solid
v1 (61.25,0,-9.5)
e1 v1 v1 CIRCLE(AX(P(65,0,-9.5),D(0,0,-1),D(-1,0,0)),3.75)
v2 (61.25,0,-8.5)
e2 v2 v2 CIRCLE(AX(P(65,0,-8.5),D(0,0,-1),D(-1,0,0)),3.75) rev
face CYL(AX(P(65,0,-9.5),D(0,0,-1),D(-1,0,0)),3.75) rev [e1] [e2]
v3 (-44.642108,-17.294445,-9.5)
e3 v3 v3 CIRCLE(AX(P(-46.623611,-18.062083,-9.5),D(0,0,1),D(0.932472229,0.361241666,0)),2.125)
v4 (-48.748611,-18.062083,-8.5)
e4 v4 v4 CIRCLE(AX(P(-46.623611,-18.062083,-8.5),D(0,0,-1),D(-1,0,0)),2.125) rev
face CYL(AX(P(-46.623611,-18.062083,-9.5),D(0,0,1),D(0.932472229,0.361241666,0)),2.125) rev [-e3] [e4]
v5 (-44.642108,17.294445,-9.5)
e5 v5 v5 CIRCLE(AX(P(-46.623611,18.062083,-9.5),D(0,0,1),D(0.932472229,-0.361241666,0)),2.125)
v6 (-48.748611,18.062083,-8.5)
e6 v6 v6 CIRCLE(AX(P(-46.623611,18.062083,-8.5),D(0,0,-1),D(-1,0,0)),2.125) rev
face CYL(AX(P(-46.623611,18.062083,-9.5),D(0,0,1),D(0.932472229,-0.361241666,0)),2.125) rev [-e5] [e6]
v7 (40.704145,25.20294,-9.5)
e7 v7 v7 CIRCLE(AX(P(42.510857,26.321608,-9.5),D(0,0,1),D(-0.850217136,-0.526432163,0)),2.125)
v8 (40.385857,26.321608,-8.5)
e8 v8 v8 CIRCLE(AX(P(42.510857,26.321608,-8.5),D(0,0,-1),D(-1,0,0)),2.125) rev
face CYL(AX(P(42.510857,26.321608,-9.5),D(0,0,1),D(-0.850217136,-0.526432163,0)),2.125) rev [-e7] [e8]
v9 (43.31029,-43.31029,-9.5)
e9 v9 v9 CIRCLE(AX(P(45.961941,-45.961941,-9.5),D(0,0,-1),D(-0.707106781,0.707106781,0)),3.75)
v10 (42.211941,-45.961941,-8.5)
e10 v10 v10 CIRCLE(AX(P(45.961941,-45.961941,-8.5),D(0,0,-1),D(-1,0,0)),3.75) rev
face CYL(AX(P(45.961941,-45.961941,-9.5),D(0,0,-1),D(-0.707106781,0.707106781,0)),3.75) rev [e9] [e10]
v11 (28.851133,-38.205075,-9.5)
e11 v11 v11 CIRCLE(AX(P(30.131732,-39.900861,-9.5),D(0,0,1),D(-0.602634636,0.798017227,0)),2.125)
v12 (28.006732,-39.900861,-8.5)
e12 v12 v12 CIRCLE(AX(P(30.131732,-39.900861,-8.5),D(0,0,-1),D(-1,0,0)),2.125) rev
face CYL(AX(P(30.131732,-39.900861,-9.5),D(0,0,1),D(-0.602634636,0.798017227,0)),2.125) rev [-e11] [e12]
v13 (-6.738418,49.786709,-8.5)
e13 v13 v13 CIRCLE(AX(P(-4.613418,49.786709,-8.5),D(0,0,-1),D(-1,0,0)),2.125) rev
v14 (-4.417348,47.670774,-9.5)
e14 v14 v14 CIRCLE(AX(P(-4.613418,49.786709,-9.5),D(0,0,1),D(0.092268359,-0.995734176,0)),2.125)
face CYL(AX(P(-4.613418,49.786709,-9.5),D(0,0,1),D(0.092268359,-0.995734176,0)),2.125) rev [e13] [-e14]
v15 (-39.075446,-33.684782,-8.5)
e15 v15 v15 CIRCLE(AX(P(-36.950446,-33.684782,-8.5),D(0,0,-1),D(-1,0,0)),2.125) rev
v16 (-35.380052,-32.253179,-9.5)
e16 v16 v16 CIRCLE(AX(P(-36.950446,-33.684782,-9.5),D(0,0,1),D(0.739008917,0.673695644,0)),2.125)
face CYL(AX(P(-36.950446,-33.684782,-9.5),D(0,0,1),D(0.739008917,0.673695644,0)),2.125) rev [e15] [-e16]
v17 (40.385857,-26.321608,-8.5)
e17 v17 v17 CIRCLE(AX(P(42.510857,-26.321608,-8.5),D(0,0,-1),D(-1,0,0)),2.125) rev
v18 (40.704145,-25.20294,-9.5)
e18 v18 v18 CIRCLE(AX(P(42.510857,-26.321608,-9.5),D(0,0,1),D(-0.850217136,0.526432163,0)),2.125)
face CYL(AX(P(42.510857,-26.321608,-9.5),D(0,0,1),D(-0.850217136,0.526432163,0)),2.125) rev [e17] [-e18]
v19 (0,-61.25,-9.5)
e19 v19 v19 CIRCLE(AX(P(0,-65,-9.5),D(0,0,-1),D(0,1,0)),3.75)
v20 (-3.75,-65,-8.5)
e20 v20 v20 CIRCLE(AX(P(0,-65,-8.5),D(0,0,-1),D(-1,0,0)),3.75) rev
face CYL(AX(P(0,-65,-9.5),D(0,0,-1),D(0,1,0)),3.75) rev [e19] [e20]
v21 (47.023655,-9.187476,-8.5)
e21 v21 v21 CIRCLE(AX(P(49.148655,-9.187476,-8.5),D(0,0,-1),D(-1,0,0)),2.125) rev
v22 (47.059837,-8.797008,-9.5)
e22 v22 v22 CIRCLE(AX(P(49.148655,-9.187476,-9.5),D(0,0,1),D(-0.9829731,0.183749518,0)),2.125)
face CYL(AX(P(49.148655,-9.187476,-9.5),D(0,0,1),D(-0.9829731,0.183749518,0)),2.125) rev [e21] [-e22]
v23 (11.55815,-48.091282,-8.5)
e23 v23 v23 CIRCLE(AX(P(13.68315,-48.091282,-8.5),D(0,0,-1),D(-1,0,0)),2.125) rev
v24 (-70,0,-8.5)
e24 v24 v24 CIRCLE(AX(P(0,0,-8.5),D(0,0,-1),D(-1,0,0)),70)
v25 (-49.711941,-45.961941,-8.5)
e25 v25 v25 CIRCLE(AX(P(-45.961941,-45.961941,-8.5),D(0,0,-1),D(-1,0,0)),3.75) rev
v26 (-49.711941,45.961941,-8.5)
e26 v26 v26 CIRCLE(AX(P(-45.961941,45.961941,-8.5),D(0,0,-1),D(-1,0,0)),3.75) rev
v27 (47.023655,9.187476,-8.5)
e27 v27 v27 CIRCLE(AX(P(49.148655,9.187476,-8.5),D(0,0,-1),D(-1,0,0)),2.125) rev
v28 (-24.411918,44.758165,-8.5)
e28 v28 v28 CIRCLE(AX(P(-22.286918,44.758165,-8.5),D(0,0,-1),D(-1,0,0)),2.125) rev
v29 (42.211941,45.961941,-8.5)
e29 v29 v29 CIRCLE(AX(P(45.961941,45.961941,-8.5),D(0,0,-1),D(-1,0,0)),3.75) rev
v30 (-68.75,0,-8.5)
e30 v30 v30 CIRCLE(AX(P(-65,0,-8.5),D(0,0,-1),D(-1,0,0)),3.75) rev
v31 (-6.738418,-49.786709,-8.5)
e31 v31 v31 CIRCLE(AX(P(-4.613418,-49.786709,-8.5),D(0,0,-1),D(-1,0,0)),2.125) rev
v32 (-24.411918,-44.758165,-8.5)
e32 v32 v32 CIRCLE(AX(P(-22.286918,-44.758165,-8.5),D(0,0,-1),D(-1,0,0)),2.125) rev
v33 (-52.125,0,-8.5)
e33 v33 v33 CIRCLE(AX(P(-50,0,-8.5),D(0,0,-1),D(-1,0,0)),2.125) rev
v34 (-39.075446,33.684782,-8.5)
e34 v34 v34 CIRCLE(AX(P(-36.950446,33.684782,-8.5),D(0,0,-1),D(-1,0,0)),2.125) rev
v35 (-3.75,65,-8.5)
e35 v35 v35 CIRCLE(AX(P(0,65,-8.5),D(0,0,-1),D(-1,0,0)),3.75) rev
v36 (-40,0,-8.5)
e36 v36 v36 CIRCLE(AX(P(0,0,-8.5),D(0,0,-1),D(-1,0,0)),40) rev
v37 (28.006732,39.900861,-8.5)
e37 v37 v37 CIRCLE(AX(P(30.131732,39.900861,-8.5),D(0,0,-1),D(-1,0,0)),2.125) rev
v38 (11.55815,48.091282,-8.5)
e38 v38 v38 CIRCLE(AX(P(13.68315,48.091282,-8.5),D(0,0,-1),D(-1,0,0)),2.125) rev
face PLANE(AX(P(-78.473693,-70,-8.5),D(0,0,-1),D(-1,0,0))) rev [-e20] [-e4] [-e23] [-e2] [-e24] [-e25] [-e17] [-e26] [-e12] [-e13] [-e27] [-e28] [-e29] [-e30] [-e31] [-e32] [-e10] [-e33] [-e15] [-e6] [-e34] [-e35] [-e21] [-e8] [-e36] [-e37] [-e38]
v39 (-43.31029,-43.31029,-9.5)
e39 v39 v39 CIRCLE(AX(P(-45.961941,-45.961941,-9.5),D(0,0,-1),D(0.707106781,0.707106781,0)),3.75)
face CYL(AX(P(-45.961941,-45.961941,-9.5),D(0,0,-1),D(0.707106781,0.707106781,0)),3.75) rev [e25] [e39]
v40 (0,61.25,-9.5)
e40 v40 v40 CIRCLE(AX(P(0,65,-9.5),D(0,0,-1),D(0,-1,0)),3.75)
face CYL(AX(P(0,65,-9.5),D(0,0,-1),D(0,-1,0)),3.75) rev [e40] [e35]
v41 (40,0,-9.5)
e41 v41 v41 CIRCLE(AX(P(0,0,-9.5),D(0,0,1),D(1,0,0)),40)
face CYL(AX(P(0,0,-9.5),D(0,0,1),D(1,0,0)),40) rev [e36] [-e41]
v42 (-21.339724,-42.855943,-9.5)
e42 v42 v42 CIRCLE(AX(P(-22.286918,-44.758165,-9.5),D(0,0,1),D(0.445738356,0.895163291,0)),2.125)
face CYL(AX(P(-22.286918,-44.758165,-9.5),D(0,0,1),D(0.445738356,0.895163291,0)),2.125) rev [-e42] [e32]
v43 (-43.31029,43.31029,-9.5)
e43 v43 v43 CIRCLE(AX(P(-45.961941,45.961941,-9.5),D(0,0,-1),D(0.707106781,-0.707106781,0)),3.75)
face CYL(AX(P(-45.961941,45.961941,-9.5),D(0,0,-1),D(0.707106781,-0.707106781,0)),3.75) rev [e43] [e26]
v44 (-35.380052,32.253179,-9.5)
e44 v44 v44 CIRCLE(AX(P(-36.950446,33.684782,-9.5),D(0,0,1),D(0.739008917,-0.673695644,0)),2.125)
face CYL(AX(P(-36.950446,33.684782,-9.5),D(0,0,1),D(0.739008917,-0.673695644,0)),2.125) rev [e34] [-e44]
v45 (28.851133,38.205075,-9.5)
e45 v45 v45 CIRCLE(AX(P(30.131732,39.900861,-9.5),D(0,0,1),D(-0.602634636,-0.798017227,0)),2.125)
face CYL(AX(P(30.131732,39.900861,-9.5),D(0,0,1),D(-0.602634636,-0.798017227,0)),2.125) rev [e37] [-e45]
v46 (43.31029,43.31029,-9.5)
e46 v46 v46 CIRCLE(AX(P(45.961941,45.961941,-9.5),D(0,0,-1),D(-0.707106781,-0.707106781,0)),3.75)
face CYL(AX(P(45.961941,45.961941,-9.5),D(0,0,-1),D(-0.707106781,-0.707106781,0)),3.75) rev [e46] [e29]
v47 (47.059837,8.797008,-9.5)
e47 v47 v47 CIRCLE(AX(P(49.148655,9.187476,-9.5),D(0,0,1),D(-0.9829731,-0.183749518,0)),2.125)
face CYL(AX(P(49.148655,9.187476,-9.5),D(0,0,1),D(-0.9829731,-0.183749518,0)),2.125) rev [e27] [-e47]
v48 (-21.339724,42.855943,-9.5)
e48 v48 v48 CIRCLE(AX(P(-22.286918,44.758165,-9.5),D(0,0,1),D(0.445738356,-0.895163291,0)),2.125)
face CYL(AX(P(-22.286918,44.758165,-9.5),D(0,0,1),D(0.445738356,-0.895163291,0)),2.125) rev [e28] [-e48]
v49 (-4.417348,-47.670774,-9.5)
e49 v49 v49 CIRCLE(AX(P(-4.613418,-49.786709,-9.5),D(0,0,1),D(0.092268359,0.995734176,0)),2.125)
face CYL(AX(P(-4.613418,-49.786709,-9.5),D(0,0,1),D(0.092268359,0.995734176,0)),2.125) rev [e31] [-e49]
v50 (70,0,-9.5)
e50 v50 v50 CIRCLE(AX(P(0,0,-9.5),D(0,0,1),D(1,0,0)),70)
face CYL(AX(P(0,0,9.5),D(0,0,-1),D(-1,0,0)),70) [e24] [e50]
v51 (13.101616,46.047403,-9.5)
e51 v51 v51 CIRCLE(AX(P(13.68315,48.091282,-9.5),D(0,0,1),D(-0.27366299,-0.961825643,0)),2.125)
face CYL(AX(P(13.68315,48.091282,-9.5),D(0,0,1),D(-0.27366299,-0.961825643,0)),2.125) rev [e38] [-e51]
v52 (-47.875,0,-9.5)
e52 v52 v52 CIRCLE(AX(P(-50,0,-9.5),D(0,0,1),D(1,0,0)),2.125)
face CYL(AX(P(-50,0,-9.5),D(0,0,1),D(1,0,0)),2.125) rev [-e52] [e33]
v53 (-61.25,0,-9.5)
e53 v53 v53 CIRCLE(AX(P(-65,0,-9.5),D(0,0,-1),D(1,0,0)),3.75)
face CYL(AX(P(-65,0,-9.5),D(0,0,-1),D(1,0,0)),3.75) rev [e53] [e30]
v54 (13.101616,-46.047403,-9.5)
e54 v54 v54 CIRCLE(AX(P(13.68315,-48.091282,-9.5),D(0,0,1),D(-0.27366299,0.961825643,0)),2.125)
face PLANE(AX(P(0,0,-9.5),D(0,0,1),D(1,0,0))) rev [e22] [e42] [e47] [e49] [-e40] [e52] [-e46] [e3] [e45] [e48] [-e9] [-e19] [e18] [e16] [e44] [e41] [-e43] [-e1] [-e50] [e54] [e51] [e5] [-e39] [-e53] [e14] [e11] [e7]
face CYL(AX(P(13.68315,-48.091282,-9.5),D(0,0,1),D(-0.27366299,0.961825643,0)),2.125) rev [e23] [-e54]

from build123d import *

# Parameters (mm, degrees)
SKETCH1_R                                        = 70
CAP_DEPTH                                        = 9.5
SKETCH2_R                                        = 2.125
DOWEL_HOLES_DEPTH                                = 101.801785698
CIRPATTERN1_COUNT                                = 17
SKETCH3_R                                        = 31.05
CENTER_HOLE_DEPTH                                = 15
SKETCH7_R                                        = 40
OUTPUTSHAFT_HOLE_DEPTH                           = 101.124921973
CBORE_FOR_M4_HEX_HEAD_MACHINE_SCREW3_D           = 3.9
CBORE_FOR_M4_HEX_HEAD_MACHINE_SCREW3_DEPTH       = 65
CBORE_FOR_M4_HEX_HEAD_MACHINE_SCREW3_CBORE_D     = 7.5
CBORE_FOR_M4_HEX_HEAD_MACHINE_SCREW3_CBORE_DEPTH = 2.63
CIRPATTERN2_COUNT                                = 8
SKETCH8_R                                        = 37.75
CUT_EXTRUDE4_DEPTH                               = 2
ALLIGNMENT_DEPTH                                 = 100.449736048
ALLIGNMENT_DEPTH_BACK                            = 100.449736048
SKETCH9_W                                        = 157.649556899
SKETCH9_H                                        = 18.162657132


with BuildPart() as part:
    # Sketch1 → Cap (new, symmetric)
    with BuildSketch(Plane.XY):
        Circle(SKETCH1_R)
    extrude(amount=CAP_DEPTH, both=True)

    # Sketch2 → Dowel Holes (cut, through all)
    with BuildSketch(Plane.XY.offset(9.5)):
        with Locations((-50, 0)):
            Circle(SKETCH2_R)
    dowel_holes = extrude(amount=-DOWEL_HOLES_DEPTH, mode=Mode.SUBTRACT)

    # CirPattern1: Dowel Holes ×17 about axis
    cirpattern1_axis = Axis((0, 0, 0), (0, 0, 1))
    for i in range(1, CIRPATTERN1_COUNT):
        add(dowel_holes.rotate(cirpattern1_axis, i * 360 / CIRPATTERN1_COUNT), mode=Mode.SUBTRACT)

    # Sketch3 → Center Hole (cut)
    with BuildSketch(Plane.XY.offset(9.5)):
        Circle(SKETCH3_R)
    extrude(amount=-CENTER_HOLE_DEPTH, mode=Mode.SUBTRACT)

    # Sketch7 → OutputShaft Hole (cut, through all)
    with BuildSketch(Plane.XY.offset(-5.5)):
        Circle(SKETCH7_R)
    extrude(amount=-OUTPUTSHAFT_HOLE_DEPTH, mode=Mode.SUBTRACT)

    # CBORE for M4 Hex Head Machine Screw3
    with Locations(Plane(origin=(0, 0, -9.5), x_dir=(-1, 0, 0), z_dir=(0, 0, -1))):
        with Locations((-65, 0)):
            cbore_for_m4_hex_head_machine_screw3 = CounterBoreHole(CBORE_FOR_M4_HEX_HEAD_MACHINE_SCREW3_D / 2, CBORE_FOR_M4_HEX_HEAD_MACHINE_SCREW3_CBORE_D / 2, CBORE_FOR_M4_HEX_HEAD_MACHINE_SCREW3_CBORE_DEPTH, depth=CBORE_FOR_M4_HEX_HEAD_MACHINE_SCREW3_DEPTH)

    # CirPattern2: CBORE for M4 Hex Head Machine Screw3 ×8 about axis
    cirpattern2_axis = Axis((0, 0, 0), (0, 0, 1))
    for i in range(1, CIRPATTERN2_COUNT):
        add(cbore_for_m4_hex_head_machine_screw3.rotate(cirpattern2_axis, i * 360 / CIRPATTERN2_COUNT), mode=Mode.SUBTRACT)

    # Sketch8 → Cut-Extrude4 (cut)
    with BuildSketch(Plane.XY.offset(9.5)):
        Circle(SKETCH8_R)
    extrude(amount=-CUT_EXTRUDE4_DEPTH, mode=Mode.SUBTRACT)

    # Sketch9 → Allignment (cut, two sides: drawn at the far end of the back side and taken through both)
    with BuildSketch(Plane(origin=(0, 0, 0), x_dir=(1, 0, 0), z_dir=(0, 1, 0)).offset(-ALLIGNMENT_DEPTH_BACK)):
        with Locations((0.351084988, -0.581328566)):
            Rectangle(SKETCH9_W, SKETCH9_H)
    extrude(amount=ALLIGNMENT_DEPTH + ALLIGNMENT_DEPTH_BACK, mode=Mode.SUBTRACT)


solid = part.part
